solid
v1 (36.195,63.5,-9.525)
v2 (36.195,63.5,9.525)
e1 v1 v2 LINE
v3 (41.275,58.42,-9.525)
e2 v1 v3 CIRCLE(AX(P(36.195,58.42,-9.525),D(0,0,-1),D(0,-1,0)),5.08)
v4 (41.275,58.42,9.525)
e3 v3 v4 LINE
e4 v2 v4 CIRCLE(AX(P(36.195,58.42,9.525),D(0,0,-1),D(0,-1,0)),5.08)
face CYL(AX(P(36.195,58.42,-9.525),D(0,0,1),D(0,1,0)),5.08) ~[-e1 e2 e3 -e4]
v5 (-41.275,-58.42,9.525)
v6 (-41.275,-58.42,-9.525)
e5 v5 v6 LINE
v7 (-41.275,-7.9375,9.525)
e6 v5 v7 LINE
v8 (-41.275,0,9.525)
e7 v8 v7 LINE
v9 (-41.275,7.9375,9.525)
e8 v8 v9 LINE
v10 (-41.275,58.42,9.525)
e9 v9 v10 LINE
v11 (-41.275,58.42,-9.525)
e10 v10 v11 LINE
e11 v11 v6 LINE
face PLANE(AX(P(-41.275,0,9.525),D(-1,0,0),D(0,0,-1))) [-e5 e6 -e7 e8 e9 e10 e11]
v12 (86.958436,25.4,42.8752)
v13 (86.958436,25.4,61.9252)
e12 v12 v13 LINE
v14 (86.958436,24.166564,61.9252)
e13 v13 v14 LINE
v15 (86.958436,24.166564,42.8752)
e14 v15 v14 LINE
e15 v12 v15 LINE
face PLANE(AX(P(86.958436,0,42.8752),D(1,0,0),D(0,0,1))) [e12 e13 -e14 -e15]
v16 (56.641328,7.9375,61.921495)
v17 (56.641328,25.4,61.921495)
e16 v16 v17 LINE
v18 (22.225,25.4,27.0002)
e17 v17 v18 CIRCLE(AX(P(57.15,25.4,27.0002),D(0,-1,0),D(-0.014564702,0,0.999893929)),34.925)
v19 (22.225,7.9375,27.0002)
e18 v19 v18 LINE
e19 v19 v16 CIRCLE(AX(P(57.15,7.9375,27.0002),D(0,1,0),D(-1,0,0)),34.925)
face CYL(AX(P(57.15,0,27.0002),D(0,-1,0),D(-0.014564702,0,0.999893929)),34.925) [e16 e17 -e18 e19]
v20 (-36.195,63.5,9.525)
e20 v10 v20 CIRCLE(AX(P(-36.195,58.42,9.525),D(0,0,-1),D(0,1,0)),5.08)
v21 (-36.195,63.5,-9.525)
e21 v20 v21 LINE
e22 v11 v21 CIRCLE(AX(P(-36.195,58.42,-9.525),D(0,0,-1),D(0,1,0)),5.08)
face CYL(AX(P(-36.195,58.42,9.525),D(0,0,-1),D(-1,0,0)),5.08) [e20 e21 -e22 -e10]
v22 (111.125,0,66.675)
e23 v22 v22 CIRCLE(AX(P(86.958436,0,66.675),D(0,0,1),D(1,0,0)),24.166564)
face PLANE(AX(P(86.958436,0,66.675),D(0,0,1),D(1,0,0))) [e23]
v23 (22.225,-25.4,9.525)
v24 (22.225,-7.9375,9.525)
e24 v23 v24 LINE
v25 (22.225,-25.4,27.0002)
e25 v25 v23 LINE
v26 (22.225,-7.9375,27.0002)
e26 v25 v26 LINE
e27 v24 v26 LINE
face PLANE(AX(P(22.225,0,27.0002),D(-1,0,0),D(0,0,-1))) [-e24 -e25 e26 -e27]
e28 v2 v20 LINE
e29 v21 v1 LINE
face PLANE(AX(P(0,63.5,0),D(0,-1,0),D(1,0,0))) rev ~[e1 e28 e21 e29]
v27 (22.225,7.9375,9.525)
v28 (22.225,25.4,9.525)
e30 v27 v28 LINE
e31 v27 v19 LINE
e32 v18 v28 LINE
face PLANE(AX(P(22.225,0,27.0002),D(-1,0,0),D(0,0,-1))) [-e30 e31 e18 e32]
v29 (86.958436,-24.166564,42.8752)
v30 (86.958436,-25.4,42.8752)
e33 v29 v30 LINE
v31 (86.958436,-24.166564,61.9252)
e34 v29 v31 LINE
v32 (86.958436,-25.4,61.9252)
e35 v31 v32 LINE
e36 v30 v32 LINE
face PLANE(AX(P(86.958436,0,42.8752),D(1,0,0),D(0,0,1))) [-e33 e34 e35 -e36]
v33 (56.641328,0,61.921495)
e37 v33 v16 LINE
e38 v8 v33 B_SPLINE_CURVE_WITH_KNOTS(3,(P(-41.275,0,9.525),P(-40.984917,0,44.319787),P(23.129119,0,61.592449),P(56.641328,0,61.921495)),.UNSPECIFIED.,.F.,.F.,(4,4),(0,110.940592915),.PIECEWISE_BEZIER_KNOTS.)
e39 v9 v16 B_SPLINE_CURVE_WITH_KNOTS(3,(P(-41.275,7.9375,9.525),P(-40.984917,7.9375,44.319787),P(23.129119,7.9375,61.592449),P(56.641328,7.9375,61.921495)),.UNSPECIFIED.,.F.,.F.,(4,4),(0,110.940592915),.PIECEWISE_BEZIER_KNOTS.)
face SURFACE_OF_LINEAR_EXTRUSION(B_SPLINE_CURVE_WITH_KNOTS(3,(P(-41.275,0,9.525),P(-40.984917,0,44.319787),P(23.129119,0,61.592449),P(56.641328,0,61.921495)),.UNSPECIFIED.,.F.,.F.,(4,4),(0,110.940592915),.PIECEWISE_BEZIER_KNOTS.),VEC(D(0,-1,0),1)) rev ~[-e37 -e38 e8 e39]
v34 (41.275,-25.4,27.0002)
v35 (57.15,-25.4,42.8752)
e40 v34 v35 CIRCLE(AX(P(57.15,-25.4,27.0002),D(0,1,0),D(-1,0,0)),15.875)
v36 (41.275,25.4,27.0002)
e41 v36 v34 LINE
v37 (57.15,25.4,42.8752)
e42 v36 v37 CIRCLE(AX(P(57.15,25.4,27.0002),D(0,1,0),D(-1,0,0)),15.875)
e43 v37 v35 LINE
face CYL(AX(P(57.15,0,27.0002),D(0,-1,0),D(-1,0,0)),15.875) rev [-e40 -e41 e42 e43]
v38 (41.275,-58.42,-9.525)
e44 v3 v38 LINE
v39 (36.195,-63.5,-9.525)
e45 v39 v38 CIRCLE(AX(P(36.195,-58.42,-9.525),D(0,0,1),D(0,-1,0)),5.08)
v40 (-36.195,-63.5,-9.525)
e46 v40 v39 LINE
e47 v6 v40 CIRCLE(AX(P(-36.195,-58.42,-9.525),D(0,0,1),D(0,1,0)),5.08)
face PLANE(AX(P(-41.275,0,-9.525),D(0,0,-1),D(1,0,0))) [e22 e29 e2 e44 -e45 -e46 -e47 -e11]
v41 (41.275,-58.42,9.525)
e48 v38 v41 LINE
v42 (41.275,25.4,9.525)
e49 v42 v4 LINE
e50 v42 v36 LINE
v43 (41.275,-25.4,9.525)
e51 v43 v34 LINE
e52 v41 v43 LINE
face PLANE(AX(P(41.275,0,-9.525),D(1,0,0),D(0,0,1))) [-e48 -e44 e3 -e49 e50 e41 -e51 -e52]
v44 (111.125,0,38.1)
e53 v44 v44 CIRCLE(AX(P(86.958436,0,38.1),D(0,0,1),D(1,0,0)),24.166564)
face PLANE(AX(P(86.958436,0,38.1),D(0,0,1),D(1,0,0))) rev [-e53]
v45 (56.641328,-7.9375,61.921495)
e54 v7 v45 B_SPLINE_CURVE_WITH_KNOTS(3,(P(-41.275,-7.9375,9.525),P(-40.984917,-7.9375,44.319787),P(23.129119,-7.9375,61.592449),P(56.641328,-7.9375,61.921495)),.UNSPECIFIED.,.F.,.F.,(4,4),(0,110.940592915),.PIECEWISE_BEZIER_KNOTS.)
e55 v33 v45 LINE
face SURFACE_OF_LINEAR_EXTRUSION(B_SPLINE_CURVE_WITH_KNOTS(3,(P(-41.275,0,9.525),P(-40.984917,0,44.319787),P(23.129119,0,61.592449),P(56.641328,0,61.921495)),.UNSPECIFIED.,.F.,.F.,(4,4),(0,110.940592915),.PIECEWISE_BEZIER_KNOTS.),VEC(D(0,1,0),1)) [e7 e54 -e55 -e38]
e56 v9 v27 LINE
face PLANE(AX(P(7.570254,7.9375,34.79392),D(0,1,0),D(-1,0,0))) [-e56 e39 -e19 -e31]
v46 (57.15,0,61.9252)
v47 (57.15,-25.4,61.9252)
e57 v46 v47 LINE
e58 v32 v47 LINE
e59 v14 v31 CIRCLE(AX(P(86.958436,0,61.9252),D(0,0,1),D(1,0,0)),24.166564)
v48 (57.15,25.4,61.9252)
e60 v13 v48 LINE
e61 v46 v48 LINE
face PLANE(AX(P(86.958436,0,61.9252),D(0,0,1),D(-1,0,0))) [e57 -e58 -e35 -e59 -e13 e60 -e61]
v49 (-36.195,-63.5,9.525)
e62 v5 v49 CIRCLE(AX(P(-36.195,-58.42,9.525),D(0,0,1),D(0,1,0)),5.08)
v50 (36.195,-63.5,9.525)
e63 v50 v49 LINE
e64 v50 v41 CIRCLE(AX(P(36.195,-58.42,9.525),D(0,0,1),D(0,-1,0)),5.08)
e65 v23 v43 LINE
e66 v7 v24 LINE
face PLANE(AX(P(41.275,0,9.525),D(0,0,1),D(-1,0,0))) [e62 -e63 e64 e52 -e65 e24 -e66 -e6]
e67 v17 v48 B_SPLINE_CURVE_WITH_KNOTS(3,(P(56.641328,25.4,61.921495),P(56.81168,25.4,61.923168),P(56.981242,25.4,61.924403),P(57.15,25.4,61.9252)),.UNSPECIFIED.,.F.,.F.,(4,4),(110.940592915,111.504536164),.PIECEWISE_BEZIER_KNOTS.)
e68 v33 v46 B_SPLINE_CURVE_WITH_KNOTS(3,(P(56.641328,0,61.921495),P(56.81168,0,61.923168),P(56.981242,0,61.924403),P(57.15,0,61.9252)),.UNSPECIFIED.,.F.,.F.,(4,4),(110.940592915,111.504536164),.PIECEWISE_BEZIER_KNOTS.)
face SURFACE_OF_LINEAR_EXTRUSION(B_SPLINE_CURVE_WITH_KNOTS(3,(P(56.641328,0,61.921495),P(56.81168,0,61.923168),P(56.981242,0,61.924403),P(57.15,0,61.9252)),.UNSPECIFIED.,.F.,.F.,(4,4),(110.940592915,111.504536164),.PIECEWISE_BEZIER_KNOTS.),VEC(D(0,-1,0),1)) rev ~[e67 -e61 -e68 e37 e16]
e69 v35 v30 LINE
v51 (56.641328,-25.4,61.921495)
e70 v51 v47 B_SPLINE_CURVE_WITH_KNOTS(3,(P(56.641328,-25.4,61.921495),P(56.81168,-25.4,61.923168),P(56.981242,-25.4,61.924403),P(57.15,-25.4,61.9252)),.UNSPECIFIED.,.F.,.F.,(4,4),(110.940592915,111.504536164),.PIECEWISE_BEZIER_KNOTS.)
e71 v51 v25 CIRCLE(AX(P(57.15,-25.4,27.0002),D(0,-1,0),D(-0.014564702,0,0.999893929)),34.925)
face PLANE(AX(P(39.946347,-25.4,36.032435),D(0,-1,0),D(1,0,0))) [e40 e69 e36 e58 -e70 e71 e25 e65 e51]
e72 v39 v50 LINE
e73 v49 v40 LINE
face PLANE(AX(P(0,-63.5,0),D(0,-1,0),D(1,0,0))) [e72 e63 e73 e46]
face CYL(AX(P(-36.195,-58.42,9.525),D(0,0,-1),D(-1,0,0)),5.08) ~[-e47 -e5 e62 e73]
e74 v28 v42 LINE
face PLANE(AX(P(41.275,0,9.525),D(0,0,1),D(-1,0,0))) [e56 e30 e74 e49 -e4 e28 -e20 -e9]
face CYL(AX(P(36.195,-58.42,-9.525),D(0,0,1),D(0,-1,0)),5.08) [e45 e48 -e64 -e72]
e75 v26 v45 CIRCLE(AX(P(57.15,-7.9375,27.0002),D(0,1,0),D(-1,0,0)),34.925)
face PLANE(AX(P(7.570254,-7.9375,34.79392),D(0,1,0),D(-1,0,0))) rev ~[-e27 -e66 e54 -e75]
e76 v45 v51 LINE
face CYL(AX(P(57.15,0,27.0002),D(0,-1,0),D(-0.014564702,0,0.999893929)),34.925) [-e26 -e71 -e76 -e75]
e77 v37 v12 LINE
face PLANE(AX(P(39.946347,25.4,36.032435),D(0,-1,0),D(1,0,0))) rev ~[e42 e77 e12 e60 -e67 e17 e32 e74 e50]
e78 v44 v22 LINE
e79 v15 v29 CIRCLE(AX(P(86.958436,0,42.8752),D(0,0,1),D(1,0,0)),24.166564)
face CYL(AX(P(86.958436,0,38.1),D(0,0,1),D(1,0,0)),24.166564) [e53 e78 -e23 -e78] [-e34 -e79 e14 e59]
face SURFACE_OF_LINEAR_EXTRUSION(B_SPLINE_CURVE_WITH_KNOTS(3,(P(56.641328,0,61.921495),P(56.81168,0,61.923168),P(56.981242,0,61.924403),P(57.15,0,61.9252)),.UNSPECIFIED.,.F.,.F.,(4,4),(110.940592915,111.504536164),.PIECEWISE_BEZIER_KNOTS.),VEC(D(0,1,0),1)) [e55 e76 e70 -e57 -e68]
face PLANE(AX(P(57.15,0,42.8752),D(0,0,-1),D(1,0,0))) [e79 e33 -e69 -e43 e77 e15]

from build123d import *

# Parameters (mm, degrees)
F0_W     = 26.6334357138
F0_H     = 19.05
F1_DEPTH = 25.4
F2_DEPTH = 63.5
F3_DEPTH = 7.9375
F4_R     = 5.08


with BuildPart() as f1:
    # F0 (on Front) → F1 (new body, symmetric)
    with BuildSketch(Plane.XZ):
        with BuildLine():
            Line((22.225, 9.525), (41.275, 9.525))
            Line((41.275, 9.525), (41.275, 27.0002))
            ThreePointArc((41.275, 27.0002), (45.9246798487, 38.2255201513), (57.15, 42.8752))
            Line((57.15, 42.8752), (60.325, 42.8752))
            Line((60.325, 42.8752), (60.325, 61.9252))
            Line((60.325, 61.9252), (57.15, 61.9252))
            add(Edge.make_bspline(
                [(56.6413277741, 61.9214954738), (56.8116800634, 61.9231681109), (56.9812416063, 61.9244029276), (57.15, 61.9252)],
                knots=[110.9405929151, 110.9405929151, 110.9405929151, 110.9405929151, 111.5045361635, 111.5045361635, 111.5045361635, 111.5045361635], degree=3))
            ThreePointArc((56.6413277741, 61.9214954738), (32.2751029903, 51.515401891), (22.225, 27.0002))
            Line((22.225, 27.0002), (22.225, 9.525))
        make_face()
        with Locations((73.6417178569, 52.4002)):
            Rectangle(F0_W, F0_H)
    extrude(amount=F1_DEPTH, both=True)

    # F0 (on Front) → F2 (join, symmetric)
    with BuildSketch(Plane.XZ):
        Polygon((-41.275, 9.525), (-41.275, -9.525), (41.275, -9.525), (41.275, 9.525), (22.225, 9.525), align=None)
    extrude(amount=F2_DEPTH, both=True)

    # F0 (on Front) → F3 (join, symmetric)
    with BuildSketch(Plane.XZ):
        with BuildLine():
            add(Edge.make_bspline(
                [(-41.275, 9.525), (-40.9849167943, 44.3197871826), (23.1291188202, 61.5924493311), (56.6413277741, 61.9214954738)],
                knots=[0, 0, 0, 0, 110.9405929151, 110.9405929151, 110.9405929151, 110.9405929151], degree=3))
            Line((-41.275, 9.525), (22.225, 9.525))
            Line((22.225, 9.525), (22.225, 27.0002))
            ThreePointArc((22.225, 27.0002), (32.2751029903, 51.515401891), (56.6413277741, 61.9214954738))
        make_face()
    extrude(amount=F3_DEPTH, both=True)

    # F4
    f4_edges = [f1.edges().sort_by_distance(p)[0] for p in [
        (-41.275, 63.5, 0),
        (41.275, 63.5, 0),
        (41.275, -63.5, 0),
        (-41.275, -63.5, 0),
    ]]
    fillet(f4_edges, radius=F4_R)

    # F0 (on Front) → F5 (revolve)
    with BuildSketch(Plane.XZ):
        Polygon((86.9584357138, 66.675), (86.9584357138, 61.9252), (86.9584357138, 42.8752), (86.9584357138, 38.1), (111.125, 38.1), (111.125, 66.675), align=None)
    revolve(axis=Axis((86.9584357138, 0, 52.3875), (0, 0, 1)))


solid = f1.part
